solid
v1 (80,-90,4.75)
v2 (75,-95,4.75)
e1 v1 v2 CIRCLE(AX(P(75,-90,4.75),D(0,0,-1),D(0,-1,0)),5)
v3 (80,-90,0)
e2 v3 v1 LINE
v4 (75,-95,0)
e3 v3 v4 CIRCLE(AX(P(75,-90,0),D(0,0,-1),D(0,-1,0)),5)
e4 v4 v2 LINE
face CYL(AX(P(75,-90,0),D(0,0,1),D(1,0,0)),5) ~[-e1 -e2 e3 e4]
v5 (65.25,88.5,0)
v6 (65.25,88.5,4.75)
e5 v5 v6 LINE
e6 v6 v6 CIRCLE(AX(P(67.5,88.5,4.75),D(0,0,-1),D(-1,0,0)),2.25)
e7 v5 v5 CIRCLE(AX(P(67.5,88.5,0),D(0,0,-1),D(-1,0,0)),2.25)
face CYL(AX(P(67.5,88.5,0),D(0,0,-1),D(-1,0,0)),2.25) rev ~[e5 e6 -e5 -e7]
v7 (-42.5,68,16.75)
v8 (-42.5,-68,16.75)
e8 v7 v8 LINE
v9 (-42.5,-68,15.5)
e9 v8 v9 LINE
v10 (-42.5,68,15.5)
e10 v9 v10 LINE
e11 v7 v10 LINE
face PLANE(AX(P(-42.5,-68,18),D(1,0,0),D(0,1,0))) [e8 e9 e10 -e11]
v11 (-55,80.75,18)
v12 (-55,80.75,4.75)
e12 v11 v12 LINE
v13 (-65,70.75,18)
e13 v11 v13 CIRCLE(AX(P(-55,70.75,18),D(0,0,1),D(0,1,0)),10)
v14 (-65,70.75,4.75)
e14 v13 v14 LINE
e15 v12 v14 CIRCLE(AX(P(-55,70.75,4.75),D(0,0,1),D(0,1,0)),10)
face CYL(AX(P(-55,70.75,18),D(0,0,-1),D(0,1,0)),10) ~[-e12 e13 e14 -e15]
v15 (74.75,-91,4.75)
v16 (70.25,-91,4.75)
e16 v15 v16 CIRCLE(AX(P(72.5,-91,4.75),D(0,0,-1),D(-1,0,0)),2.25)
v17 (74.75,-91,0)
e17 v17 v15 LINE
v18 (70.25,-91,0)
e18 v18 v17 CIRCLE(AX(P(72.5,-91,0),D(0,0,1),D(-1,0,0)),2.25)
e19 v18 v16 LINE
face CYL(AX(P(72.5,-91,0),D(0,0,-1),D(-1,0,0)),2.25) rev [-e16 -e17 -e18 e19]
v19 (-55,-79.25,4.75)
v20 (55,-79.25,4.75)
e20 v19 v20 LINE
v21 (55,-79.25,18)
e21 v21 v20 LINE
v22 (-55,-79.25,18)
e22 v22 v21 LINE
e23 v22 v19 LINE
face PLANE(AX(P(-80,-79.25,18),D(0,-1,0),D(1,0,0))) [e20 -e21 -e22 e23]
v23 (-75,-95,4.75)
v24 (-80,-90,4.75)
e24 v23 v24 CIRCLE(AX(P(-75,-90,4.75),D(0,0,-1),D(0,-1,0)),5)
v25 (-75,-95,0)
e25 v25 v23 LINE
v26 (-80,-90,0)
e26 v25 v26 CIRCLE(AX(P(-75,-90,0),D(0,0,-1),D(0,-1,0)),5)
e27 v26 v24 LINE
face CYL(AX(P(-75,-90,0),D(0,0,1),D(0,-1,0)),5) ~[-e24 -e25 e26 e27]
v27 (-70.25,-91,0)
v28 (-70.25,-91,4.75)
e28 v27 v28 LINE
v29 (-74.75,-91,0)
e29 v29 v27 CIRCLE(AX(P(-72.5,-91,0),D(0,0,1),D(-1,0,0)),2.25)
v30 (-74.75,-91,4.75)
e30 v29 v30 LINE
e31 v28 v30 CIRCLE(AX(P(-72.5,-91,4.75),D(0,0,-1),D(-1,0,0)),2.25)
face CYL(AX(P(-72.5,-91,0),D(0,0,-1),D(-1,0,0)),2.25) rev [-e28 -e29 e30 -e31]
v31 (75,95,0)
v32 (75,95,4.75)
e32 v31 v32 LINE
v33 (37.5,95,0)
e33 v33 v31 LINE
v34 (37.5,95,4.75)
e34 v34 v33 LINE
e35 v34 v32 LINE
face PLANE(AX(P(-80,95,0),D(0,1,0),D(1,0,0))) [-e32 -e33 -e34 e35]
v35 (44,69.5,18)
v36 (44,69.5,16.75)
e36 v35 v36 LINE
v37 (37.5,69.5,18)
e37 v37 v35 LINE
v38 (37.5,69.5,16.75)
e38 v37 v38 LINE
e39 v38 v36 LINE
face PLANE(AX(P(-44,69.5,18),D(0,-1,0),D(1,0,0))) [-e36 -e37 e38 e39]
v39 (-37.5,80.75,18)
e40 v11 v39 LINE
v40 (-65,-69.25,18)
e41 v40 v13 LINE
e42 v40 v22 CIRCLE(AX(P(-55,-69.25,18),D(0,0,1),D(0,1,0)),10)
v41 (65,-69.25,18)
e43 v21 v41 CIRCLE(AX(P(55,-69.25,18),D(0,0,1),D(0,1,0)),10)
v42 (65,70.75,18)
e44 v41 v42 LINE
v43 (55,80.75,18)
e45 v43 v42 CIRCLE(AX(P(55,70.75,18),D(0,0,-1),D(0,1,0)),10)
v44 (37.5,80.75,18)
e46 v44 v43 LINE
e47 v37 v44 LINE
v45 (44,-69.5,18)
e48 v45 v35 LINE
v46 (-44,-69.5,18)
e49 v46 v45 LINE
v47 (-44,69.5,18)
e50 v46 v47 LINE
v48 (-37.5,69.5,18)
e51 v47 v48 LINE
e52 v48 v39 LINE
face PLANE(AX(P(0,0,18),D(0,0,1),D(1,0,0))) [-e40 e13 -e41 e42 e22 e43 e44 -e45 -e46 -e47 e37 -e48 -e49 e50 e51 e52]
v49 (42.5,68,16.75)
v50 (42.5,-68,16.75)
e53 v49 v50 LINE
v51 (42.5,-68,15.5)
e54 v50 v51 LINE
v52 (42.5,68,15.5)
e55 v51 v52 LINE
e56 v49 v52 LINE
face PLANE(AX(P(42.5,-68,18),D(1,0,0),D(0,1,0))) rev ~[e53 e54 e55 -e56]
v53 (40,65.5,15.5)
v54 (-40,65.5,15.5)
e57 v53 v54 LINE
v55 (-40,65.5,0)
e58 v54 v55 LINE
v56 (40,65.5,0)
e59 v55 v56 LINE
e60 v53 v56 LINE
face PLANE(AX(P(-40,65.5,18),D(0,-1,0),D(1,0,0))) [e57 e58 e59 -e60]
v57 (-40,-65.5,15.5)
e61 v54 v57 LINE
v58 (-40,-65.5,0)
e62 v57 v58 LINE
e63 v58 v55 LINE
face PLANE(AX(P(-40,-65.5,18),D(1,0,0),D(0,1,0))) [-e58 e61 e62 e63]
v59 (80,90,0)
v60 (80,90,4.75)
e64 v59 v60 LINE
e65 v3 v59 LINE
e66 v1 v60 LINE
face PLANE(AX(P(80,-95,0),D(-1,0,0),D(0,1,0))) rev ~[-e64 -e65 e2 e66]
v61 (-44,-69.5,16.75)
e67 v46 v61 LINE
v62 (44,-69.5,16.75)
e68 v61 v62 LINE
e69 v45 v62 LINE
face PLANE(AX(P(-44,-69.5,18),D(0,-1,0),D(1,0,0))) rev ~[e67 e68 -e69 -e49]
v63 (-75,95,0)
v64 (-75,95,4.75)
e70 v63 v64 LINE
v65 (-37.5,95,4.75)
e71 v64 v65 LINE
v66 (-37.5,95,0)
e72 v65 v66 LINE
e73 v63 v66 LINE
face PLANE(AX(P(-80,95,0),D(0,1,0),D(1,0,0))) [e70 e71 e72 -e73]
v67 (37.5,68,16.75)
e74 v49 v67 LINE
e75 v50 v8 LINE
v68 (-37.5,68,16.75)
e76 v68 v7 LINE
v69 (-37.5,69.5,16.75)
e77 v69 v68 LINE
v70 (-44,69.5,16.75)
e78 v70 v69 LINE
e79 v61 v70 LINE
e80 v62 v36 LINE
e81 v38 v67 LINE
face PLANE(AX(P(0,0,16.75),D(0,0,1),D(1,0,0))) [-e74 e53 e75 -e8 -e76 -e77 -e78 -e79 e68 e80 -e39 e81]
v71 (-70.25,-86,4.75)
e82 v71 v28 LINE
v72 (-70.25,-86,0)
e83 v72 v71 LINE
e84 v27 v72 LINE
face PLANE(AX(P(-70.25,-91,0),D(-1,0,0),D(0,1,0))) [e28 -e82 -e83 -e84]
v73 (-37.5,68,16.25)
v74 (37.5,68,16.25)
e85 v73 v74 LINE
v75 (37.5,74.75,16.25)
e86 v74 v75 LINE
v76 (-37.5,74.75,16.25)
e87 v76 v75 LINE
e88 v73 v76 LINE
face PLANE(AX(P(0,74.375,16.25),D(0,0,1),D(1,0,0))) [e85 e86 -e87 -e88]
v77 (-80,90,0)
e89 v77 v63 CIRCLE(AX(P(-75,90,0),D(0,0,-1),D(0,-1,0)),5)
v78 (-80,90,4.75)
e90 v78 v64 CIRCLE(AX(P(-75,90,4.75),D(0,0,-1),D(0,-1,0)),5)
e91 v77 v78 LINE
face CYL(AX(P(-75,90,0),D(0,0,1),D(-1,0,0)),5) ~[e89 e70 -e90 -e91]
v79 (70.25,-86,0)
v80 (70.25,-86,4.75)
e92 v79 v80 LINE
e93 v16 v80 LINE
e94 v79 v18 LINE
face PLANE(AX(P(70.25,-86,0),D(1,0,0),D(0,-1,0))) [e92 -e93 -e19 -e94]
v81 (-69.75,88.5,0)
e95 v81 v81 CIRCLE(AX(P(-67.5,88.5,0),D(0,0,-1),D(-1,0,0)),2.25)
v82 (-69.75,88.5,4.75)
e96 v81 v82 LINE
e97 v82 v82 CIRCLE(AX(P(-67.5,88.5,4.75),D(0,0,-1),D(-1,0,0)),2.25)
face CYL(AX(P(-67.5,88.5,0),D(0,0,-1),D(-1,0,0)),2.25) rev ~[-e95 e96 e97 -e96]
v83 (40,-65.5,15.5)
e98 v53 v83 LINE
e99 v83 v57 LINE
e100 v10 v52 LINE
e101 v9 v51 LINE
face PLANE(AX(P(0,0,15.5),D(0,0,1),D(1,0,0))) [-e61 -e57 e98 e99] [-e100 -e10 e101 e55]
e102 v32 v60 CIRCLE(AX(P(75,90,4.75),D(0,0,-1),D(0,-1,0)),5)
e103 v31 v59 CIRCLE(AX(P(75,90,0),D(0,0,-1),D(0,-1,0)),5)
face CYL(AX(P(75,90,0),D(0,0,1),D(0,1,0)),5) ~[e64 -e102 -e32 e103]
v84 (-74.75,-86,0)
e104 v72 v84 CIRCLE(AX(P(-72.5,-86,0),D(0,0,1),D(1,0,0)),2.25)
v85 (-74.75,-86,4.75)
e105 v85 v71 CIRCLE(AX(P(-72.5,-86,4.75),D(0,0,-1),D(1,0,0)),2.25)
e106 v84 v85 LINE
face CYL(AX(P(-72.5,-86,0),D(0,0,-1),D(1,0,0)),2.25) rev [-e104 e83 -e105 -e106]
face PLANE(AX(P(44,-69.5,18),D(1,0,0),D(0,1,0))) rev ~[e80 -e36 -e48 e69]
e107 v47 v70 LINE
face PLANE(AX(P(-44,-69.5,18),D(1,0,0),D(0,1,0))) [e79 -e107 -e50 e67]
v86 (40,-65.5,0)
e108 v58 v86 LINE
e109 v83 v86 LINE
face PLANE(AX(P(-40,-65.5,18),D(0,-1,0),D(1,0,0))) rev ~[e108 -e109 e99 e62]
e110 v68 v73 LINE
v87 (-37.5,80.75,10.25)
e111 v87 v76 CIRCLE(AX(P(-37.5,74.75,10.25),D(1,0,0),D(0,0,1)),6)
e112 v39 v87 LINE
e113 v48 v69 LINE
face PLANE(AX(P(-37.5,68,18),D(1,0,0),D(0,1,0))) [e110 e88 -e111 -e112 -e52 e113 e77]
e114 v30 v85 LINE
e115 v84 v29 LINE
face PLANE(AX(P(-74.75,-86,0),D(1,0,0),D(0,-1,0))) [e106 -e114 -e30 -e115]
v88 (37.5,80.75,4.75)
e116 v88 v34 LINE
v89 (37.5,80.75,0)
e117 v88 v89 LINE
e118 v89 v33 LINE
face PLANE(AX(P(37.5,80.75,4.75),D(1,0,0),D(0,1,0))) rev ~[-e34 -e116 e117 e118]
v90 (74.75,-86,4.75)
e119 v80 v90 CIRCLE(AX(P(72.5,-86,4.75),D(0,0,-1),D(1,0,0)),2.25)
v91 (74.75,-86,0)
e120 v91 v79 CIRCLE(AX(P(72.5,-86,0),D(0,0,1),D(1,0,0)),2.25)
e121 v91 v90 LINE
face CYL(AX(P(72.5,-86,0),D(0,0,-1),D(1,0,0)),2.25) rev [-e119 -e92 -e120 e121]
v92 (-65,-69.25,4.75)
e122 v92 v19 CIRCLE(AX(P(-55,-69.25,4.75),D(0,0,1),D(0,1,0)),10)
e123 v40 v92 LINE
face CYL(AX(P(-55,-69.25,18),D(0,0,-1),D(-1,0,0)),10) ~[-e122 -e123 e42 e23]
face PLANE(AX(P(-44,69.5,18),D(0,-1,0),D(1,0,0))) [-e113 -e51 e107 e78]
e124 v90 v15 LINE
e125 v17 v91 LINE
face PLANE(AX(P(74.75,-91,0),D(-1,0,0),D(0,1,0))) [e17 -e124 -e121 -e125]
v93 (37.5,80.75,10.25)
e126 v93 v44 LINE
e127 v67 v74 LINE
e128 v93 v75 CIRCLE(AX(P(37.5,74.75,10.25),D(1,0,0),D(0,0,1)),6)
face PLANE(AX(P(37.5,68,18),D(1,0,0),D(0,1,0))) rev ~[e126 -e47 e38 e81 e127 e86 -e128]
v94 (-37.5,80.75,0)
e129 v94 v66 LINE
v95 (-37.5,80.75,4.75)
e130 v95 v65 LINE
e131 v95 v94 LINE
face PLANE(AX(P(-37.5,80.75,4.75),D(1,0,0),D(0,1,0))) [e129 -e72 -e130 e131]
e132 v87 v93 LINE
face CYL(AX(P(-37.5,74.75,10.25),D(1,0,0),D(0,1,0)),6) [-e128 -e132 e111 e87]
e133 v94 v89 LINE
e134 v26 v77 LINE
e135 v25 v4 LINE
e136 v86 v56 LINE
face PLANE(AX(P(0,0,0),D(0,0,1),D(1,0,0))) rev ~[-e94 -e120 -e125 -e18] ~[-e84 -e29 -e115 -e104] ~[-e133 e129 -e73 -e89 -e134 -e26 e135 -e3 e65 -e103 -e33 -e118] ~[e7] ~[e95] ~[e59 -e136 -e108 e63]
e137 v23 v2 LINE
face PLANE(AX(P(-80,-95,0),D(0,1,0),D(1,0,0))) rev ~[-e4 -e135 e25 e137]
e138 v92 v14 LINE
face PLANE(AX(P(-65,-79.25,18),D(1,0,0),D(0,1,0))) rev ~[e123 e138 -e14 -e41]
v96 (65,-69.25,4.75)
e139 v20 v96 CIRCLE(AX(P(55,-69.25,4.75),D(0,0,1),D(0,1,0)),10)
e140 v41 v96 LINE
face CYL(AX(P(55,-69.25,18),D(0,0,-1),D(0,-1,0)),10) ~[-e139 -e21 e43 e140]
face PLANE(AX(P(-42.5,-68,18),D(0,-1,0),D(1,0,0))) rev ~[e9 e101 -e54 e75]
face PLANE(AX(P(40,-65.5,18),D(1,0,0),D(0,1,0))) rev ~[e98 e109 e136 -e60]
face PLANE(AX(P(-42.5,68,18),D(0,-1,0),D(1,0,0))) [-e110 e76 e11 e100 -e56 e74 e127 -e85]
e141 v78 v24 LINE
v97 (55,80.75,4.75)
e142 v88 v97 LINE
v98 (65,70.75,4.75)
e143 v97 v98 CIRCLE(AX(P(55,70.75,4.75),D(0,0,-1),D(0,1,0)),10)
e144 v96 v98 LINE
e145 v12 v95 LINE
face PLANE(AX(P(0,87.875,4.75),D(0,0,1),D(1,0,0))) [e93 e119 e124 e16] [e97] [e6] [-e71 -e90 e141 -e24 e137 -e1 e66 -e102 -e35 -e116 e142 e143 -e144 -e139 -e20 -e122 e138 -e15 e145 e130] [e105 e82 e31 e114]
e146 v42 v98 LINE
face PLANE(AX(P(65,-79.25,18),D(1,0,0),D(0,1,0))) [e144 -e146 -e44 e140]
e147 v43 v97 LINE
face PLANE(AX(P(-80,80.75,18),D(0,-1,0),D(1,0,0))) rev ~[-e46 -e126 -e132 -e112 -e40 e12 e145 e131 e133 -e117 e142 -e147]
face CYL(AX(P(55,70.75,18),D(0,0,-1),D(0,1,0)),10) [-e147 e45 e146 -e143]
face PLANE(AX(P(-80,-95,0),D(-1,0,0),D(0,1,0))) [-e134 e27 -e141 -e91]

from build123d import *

# Parameters (mm, degrees)
SKETCH1_W           = 160
SKETCH1_H           = 190
BOSS_EXTRUDE1_DEPTH = 18
SKETCH3_W           = 160
SKETCH3_H           = 14.25
CUT_EXTRUDE2_DEPTH  = 13.25
SKETCH4_W           = 160
SKETCH4_H           = 15.75
CUT_EXTRUDE3_DEPTH  = 13.25
SKETCH2_R           = 2.25
CUT_EXTRUDE1_DEPTH  = 126.495019822
SKETCH5_W           = 80
SKETCH5_H           = 131
CUT_EXTRUDE4_DEPTH  = 126.495019822
SKETCH6_W           = 85
SKETCH6_H           = 136
CUT_EXTRUDE5_DEPTH  = 2.5
SKETCH7_W           = 75
SKETCH7_H           = 12.75
CUT_EXTRUDE6_DEPTH  = 1.75
SKETCH8_W           = 88
SKETCH8_H           = 139
CUT_EXTRUDE7_DEPTH  = 1.25
SKETCH9_W           = 75
SKETCH9_H           = 14.25
CUT_EXTRUDE8_DEPTH  = 125.90221175
FILLET1_R           = 6
SKETCH10_W          = 15
SKETCH10_H          = 160
CUT_EXTRUDE9_DEPTH  = 13.25
CUT_EXTRUDE10_DEPTH = 126.495019822
FILLET2_R           = 10
FILLET3_R           = 5


with BuildPart() as part:
    # Sketch1 → Boss-Extrude1 (new body)
    with BuildSketch(Plane.XY):
        Rectangle(SKETCH1_W, SKETCH1_H)
    extrude(amount=BOSS_EXTRUDE1_DEPTH)

    # Sketch3 → Cut-Extrude2 (cut)
    with BuildSketch(Plane.XY.offset(18)):
        with Locations((0, 87.875)):
            Rectangle(SKETCH3_W, SKETCH3_H)
    extrude(amount=-CUT_EXTRUDE2_DEPTH, mode=Mode.SUBTRACT)

    # Sketch4 → Cut-Extrude3 (cut)
    with BuildSketch(Plane.XY.offset(18)):
        with Locations((0, -87.125)):
            Rectangle(SKETCH4_W, SKETCH4_H)
    extrude(amount=-CUT_EXTRUDE3_DEPTH, mode=Mode.SUBTRACT)

    # Sketch2 → Cut-Extrude1 (cut, through all)
    with BuildSketch(Plane(origin=(0, 0, 0), x_dir=(-1, 0, 0), z_dir=(0, 0, -1))):
        with Locations((-67.5, 88.5)):
            Circle(SKETCH2_R)
        with Locations((67.5, 88.5)):
            Circle(SKETCH2_R)
        with Locations((-72.5, -88.5)):
            Circle(SKETCH2_R)
        with Locations((72.5, -88.5)):
            Circle(SKETCH2_R)
    extrude(amount=-CUT_EXTRUDE1_DEPTH, mode=Mode.SUBTRACT)

    # Sketch5 → Cut-Extrude4 (cut, through all)
    with BuildSketch(Plane.XY.offset(18)):
        Rectangle(SKETCH5_W, SKETCH5_H)
    extrude(amount=-CUT_EXTRUDE4_DEPTH, mode=Mode.SUBTRACT)

    # Sketch6 → Cut-Extrude5 (cut)
    with BuildSketch(Plane.XY.offset(18)):
        Rectangle(SKETCH6_W, SKETCH6_H)
    extrude(amount=-CUT_EXTRUDE5_DEPTH, mode=Mode.SUBTRACT)

    # Sketch7 → Cut-Extrude6 (cut)
    with BuildSketch(Plane.XY.offset(18)):
        with Locations((0, 74.375)):
            Rectangle(SKETCH7_W, SKETCH7_H)
    extrude(amount=-CUT_EXTRUDE6_DEPTH, mode=Mode.SUBTRACT)

    # Sketch8 → Cut-Extrude7 (cut)
    with BuildSketch(Plane.XY.offset(18)):
        Rectangle(SKETCH8_W, SKETCH8_H)
    extrude(amount=-CUT_EXTRUDE7_DEPTH, mode=Mode.SUBTRACT)

    # Sketch9 → Cut-Extrude8 (cut, through all)
    with BuildSketch(Plane.XY.offset(4.75)):
        with Locations((0, 87.875)):
            Rectangle(SKETCH9_W, SKETCH9_H)
    extrude(amount=-CUT_EXTRUDE8_DEPTH, mode=Mode.SUBTRACT)

    # Fillet1
    fillet1_edges = [part.edges().sort_by_distance(p)[0] for p in [
        (0, 80.75, 16.25),
    ]]
    fillet(fillet1_edges, radius=FILLET1_R)

    # Sketch10 → Cut-Extrude9 (cut)
    with BuildSketch(Plane.XY.offset(18)):
        with Locations((72.5, 0.75)):
            Rectangle(SKETCH10_W, SKETCH10_H)
        with Locations((-72.5, 0.75)):
            Rectangle(SKETCH10_W, SKETCH10_H)
    extrude(amount=-CUT_EXTRUDE9_DEPTH, mode=Mode.SUBTRACT)

    # Sketch11 → Cut-Extrude10 (cut, through all)
    with BuildSketch(Plane(origin=(0, 0, 0), x_dir=(-1, 0, 0), z_dir=(0, 0, -1))):
        with BuildLine():
            Line((-74.75, -91), (-74.75, -86))
            ThreePointArc((-74.75, -86), (-72.5, -83.75), (-70.25, -86))
            Line((-70.25, -86), (-70.25, -91))
            ThreePointArc((-70.25, -91), (-72.5, -93.25), (-74.75, -91))
        make_face()
        with BuildLine():
            Line((70.25, -91), (70.25, -86))
            ThreePointArc((70.25, -86), (72.5, -83.75), (74.75, -86))
            Line((74.75, -86), (74.75, -91))
            ThreePointArc((74.75, -91), (72.5, -93.25), (70.25, -91))
        make_face()
    extrude(amount=-CUT_EXTRUDE10_DEPTH, mode=Mode.SUBTRACT)

    # Fillet2
    fillet2_edges = [part.edges().sort_by_distance(p)[0] for p in [
        (65, 80.75, 11.375),
        (65, -79.25, 11.375),
        (-65, -79.25, 11.375),
        (-65, 80.75, 11.375),
    ]]
    fillet(fillet2_edges, radius=FILLET2_R)

    # Fillet3
    fillet3_edges = [part.edges().sort_by_distance(p)[0] for p in [
        (-80, 95, 2.375),
        (80, 95, 2.375),
        (80, -95, 2.375),
        (-80, -95, 2.375),
    ]]
    fillet(fillet3_edges, radius=FILLET3_R)


solid = part.part
